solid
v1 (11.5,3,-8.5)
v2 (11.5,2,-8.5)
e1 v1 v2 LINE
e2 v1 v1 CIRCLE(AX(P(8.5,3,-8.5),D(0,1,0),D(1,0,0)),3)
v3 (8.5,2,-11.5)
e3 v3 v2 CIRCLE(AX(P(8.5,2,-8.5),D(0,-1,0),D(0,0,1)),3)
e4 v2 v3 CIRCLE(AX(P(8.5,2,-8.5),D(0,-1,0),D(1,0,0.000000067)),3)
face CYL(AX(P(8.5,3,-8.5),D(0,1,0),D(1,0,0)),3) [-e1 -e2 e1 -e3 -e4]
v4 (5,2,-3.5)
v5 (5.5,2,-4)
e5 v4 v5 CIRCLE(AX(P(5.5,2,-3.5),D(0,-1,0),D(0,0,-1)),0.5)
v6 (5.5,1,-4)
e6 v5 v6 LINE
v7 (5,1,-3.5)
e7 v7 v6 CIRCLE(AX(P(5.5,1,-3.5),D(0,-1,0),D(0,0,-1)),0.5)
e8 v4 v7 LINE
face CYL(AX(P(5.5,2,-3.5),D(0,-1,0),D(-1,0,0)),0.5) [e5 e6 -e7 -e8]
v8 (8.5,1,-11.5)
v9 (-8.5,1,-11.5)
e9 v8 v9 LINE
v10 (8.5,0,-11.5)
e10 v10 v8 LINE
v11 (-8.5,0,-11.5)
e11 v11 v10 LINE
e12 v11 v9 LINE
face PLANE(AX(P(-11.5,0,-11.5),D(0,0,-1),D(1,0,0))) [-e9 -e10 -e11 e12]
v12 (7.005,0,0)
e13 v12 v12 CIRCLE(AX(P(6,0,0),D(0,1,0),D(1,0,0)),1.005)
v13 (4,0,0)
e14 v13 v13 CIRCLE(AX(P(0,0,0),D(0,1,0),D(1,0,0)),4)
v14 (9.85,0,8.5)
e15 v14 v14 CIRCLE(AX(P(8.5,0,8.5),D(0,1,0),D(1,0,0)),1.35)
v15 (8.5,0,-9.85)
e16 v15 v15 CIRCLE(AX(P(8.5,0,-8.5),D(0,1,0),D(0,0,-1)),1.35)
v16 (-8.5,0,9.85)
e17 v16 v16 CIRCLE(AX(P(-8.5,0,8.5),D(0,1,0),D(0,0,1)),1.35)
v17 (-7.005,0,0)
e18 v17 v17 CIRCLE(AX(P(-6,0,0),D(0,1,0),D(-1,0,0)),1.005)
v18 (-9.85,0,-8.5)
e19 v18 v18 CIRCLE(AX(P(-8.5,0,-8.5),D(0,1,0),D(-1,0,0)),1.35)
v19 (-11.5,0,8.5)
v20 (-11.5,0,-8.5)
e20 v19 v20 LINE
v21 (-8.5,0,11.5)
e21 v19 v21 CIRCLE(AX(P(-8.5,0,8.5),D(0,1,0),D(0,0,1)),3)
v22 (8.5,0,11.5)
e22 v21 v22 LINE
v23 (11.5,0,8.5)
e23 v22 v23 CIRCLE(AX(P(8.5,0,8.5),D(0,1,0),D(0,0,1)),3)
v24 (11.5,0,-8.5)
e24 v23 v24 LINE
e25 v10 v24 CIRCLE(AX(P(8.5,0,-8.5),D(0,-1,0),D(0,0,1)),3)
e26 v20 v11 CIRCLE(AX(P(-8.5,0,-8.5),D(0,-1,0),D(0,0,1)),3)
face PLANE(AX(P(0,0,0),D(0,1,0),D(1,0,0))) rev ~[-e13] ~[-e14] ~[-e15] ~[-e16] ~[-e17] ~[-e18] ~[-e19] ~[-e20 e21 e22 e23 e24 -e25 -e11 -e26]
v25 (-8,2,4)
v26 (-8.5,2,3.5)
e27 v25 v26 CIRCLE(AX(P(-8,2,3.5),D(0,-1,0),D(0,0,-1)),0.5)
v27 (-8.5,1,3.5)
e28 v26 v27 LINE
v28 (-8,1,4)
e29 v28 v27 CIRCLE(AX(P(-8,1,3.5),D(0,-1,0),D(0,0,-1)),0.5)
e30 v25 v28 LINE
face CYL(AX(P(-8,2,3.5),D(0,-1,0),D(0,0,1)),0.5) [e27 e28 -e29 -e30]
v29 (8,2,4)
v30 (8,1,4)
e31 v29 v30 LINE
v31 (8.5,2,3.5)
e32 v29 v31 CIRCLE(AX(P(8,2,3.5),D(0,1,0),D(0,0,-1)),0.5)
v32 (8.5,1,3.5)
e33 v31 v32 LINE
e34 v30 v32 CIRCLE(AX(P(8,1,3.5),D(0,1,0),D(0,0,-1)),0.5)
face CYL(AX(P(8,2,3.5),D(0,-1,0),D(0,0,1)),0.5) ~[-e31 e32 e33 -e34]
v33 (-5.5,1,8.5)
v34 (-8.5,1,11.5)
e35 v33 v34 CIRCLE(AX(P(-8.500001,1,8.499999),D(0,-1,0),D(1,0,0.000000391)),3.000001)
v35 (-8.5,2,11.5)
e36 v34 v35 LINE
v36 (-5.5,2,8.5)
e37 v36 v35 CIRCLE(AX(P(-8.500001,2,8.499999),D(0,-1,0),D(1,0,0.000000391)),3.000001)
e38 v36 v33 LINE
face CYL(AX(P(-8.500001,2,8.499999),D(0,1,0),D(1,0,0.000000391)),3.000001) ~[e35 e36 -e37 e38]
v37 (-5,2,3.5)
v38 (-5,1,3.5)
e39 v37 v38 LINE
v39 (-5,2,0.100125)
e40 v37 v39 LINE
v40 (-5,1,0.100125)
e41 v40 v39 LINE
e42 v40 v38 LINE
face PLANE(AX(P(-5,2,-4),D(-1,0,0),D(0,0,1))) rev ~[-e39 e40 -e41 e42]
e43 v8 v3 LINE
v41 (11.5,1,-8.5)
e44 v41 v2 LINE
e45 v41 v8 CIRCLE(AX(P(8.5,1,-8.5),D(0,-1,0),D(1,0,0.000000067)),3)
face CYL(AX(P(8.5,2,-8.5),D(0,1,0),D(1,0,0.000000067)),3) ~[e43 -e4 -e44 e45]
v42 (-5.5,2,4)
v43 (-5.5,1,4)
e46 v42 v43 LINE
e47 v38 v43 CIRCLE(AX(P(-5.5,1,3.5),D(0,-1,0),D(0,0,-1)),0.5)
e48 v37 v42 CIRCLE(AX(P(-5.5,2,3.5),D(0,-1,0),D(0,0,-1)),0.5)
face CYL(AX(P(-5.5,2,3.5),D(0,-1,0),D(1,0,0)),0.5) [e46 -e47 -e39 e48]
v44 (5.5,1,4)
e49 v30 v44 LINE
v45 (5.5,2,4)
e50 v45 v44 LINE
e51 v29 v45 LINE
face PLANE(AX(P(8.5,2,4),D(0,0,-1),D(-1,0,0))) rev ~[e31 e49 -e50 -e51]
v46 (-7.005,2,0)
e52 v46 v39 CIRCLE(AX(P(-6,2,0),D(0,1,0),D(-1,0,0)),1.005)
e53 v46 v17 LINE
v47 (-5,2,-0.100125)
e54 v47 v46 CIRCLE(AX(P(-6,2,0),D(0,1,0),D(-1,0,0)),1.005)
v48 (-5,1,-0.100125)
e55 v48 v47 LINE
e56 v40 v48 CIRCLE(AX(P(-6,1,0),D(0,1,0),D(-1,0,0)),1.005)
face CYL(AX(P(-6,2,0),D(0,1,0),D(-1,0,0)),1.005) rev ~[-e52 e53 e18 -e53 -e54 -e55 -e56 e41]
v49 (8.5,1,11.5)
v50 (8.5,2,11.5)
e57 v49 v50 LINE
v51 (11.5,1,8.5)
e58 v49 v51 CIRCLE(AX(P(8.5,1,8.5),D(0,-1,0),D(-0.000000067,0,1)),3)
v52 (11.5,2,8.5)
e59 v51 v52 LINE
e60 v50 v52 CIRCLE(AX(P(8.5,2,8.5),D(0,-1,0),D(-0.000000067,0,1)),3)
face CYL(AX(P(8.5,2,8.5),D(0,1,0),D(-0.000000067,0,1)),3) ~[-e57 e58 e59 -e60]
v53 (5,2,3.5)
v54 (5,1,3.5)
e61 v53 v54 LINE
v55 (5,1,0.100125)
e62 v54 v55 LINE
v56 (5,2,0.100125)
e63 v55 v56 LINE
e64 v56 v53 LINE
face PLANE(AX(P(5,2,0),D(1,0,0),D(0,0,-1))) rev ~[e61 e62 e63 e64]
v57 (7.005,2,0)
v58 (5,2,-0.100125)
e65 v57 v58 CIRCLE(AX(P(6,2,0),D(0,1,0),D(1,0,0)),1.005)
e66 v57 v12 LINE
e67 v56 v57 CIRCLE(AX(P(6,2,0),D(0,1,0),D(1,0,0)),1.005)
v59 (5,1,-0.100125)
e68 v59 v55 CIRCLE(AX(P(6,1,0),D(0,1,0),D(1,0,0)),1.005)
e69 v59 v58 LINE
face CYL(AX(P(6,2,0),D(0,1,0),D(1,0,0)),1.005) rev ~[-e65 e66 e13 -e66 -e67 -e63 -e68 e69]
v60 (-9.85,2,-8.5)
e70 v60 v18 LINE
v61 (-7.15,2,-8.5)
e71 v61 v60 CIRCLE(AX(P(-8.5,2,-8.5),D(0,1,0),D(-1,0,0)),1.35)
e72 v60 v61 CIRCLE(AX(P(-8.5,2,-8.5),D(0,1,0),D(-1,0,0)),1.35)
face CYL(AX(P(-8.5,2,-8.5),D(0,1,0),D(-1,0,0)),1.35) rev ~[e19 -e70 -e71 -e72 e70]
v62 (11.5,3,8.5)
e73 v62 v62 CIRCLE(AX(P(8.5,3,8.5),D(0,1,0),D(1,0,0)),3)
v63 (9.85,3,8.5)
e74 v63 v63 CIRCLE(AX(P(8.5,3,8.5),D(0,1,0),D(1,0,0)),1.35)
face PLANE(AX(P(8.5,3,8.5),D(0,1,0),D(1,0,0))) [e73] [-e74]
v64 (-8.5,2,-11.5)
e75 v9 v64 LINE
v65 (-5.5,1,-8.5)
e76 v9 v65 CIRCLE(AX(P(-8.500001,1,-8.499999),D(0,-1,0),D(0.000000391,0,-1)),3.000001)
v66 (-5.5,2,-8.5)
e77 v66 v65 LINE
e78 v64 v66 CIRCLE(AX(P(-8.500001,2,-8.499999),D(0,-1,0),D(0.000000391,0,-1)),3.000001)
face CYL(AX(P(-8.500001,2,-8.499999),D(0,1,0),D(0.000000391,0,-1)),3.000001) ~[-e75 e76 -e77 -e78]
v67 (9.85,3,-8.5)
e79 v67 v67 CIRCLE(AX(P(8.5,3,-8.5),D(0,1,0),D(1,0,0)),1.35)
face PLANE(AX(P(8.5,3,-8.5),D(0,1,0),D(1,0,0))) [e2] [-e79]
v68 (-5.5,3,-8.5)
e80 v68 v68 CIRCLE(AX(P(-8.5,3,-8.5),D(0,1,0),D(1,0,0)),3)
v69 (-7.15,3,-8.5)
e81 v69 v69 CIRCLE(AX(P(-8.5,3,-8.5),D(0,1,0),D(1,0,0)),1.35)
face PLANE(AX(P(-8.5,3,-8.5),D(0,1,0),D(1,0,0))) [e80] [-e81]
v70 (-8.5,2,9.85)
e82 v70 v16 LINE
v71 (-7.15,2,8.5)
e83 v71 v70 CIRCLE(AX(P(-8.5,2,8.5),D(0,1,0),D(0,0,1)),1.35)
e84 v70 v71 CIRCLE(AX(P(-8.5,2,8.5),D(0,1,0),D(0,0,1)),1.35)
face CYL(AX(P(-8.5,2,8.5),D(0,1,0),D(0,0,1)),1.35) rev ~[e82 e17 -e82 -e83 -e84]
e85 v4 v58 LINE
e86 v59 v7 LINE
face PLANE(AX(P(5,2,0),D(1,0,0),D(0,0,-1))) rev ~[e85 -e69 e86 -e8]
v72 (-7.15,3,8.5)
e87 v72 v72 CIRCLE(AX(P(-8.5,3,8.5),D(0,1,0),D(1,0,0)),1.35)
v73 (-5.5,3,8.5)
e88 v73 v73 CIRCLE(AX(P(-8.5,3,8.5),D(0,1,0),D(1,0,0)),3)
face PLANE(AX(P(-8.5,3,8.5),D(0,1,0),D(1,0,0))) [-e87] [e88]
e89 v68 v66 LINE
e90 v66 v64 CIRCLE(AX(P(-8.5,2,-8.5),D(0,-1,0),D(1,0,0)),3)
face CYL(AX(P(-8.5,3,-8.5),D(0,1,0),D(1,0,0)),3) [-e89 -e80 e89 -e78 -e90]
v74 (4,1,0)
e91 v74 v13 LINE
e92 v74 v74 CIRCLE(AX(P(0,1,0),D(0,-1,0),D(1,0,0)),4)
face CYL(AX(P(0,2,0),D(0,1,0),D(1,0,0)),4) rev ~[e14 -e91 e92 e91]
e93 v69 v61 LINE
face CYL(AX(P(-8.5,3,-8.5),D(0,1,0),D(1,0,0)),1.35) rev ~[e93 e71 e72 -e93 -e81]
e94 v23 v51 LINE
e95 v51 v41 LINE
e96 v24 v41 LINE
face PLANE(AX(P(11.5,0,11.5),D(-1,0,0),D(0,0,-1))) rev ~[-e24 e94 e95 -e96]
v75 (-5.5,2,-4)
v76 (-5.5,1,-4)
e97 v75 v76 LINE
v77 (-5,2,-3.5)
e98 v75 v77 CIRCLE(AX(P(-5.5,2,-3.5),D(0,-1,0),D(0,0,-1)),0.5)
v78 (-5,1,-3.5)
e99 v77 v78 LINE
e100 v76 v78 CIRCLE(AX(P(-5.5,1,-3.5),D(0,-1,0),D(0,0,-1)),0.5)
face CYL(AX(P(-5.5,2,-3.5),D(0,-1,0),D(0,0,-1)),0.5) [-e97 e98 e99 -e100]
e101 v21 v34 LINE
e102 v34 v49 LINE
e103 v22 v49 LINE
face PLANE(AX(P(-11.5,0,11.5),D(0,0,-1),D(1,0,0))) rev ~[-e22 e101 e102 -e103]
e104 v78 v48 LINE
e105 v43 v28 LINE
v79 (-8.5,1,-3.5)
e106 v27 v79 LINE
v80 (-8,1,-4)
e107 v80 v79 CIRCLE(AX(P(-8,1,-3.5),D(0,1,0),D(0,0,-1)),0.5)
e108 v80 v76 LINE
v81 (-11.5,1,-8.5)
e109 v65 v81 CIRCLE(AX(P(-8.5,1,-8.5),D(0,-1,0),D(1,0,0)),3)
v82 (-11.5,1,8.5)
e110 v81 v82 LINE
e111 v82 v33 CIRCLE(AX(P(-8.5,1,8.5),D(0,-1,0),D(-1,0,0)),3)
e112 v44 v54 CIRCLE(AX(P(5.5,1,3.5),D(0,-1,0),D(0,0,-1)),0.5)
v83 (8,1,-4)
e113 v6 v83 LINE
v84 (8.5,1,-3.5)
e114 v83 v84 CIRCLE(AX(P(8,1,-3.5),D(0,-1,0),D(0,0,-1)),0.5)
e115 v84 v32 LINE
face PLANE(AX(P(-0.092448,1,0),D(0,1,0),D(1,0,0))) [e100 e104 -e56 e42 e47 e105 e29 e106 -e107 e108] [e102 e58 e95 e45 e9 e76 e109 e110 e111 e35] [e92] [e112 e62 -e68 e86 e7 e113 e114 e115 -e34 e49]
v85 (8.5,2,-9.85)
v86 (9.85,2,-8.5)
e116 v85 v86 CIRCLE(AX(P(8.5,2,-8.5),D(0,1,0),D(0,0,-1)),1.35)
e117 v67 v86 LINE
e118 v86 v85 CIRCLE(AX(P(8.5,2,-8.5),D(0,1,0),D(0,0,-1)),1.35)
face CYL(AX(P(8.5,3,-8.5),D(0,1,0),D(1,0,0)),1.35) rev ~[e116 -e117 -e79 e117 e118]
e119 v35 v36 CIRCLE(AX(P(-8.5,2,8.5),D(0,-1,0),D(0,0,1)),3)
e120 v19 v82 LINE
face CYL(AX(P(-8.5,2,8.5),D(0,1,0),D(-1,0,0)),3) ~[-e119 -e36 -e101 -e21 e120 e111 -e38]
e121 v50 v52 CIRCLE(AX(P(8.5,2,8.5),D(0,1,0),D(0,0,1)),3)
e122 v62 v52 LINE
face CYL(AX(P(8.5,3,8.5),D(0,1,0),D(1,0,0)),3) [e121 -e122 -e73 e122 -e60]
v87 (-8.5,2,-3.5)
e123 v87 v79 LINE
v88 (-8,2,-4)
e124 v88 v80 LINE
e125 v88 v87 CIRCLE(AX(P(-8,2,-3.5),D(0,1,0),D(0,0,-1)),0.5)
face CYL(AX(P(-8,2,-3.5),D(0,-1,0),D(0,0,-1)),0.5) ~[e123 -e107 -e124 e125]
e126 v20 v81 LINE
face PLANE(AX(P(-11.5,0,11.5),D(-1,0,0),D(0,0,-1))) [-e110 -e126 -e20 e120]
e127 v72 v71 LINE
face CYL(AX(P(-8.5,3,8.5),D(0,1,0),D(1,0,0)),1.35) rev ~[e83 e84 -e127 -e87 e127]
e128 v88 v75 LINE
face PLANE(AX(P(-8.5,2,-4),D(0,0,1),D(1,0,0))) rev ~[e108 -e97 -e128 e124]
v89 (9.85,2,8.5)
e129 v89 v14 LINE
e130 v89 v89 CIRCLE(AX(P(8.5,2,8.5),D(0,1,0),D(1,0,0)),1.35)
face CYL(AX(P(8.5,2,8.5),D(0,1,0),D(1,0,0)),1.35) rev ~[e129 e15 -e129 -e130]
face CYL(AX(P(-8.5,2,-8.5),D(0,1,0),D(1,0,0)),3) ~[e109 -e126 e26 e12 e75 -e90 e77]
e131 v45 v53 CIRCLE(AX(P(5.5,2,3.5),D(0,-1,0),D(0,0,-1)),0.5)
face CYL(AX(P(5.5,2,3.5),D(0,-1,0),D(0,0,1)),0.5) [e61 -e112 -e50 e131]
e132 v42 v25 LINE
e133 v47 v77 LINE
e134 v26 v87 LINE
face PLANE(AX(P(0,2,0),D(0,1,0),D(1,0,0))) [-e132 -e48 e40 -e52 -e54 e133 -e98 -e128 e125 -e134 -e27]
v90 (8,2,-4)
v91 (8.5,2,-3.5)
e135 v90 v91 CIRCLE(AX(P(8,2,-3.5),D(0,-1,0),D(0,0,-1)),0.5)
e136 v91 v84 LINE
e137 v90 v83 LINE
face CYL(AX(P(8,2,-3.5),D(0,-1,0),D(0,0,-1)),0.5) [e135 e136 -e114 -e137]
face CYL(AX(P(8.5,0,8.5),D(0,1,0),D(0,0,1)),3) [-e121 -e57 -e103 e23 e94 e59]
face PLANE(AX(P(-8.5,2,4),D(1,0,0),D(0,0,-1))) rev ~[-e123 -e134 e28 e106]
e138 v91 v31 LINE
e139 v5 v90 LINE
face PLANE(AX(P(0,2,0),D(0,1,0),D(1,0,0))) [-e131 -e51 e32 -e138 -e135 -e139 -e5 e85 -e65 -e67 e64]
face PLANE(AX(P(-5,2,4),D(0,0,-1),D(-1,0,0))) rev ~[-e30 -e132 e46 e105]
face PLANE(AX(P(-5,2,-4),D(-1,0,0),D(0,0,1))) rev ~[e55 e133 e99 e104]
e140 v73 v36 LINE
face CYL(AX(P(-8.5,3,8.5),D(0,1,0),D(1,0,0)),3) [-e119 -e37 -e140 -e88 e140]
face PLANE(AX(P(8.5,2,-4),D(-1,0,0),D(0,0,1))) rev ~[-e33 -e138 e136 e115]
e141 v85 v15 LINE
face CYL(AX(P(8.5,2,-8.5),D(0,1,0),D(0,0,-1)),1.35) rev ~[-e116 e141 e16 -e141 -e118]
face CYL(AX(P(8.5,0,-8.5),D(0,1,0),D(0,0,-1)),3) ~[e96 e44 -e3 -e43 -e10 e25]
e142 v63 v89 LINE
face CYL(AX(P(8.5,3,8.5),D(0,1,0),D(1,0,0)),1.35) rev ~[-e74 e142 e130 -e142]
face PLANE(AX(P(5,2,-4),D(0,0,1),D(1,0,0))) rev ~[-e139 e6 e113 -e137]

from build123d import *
from build123d.topology import SkipClean

# Parameters (mm, degrees)
SKETCH_1_W               = 23
SKETCH_1_H               = 23
EXTRUDE_1_DEPTH          = 2
SKETCH_2_R               = 1.35
CUT_EXTRUDE_1_DEPTH      = 2
PATTERN_CIRCULAR_1_COUNT = 4
FILLET_1_R               = 3
SKETCH_3_R               = 4
CUT_EXTRUDE_2_DEPTH      = 2
CUT_EXTRUDE_6_DEPTH      = 1
FILLET_2_R               = 0.5
CUT_EXTRUDE_7_DEPTH      = 2
PATTERN_CIRCULAR_2_COUNT = 2
EXTRUDE_START            = 1
SKETCH_6_R               = 3
SKETCH_6_R_2             = 1.35
EXTRUDE_2_DEPTH          = 1


with BuildPart() as part:
    # 草图1 → 凸台-拉伸1 (new body)
    with BuildSketch(Plane(origin=(0, 0, 0), x_dir=(1, 0, 0), z_dir=(0, 1, 0))):
        Rectangle(SKETCH_1_W, SKETCH_1_H)
    extrude(amount=EXTRUDE_1_DEPTH)

    # 草图2 → 切除-拉伸1 (cut)
    with BuildSketch(Plane(origin=(0, 2, 0), x_dir=(1, 0, 0), z_dir=(0, 1, 0))):
        with Locations((8.5, -8.5)):
            Circle(SKETCH_2_R)
    cut_extrude_1 = extrude(amount=-CUT_EXTRUDE_1_DEPTH, mode=Mode.SUBTRACT)

    # 阵列(圆周)1: 切除-拉伸1 ×4 about axis
    pattern_circular_1_axis = Axis((0, 0, 0), (0, 1, 0))
    for i in range(1, PATTERN_CIRCULAR_1_COUNT):
        add(cut_extrude_1.rotate(pattern_circular_1_axis, i * 360 / PATTERN_CIRCULAR_1_COUNT), mode=Mode.SUBTRACT)

    # 圆角1
    fillet_1_edges = [part.edges().sort_by_distance(p)[0] for p in [
        (-11.5, 1, 11.5),
        (11.5, 1, 11.5),
        (11.5, 1, -11.5),
        (-11.5, 1, -11.5),
    ]]
    fillet(fillet_1_edges, radius=FILLET_1_R)

    # 草图3 → 切除-拉伸2 (cut)
    with BuildSketch(Plane(origin=(0, 2, 0), x_dir=(1, 0, 0), z_dir=(0, 1, 0))):
        Circle(SKETCH_3_R)
    extrude(amount=-CUT_EXTRUDE_2_DEPTH, mode=Mode.SUBTRACT)

    # 草图4 → 切除-拉伸6 (cut)
    with SkipClean():  # the faces are left unmerged after this step: merging them gives an invalid solid
        with BuildSketch(Plane(origin=(0, 2, 0), x_dir=(1, 0, 0), z_dir=(0, 1, 0))):
            with BuildLine():
                ThreePointArc((-5.5, -8.5), (-6.37868, -10.62132), (-8.5, -11.5))
                Line((-8.5, -11.5), (8.5, -11.5))
                ThreePointArc((8.5, -11.5), (6.37868, -6.37868), (11.5, -8.5))
                Line((11.5, -8.5), (11.5, 8.5))
                ThreePointArc((11.5, 8.5), (6.37868, 6.37868), (8.5, 11.5))
                Line((8.5, 11.5), (-8.5, 11.5))
                ThreePointArc((-8.5, 11.5), (-6.37868, 10.62132), (-5.5, 8.5))
                ThreePointArc((-5.5, 8.5), (-8.5, 5.5), (-11.5, 8.5))
                Line((-11.5, 8.5), (-11.5, -8.5))
                ThreePointArc((-11.5, -8.5), (-8.5, -5.5), (-5.5, -8.5))
            make_face()
            Polygon((-5, 4), (-5, 0), (-5, -4), (-8.5, -4), (-8.5, 4), align=None, mode=Mode.SUBTRACT)
            with BuildLine():
                ThreePointArc((4, 0), (0, -4), (-4, 0))
                ThreePointArc((-4, 0), (0, 4), (4, 0))
            make_face(mode=Mode.SUBTRACT)
            Polygon((5, -4), (5, 0), (5, 4), (8.5, 4), (8.5, -4), align=None, mode=Mode.SUBTRACT)
        extrude(amount=-CUT_EXTRUDE_6_DEPTH, mode=Mode.SUBTRACT)

    # 圆角2
    fillet_2_edges = [part.edges().sort_by_distance(p)[0] for p in [
        (-8.5, 1.5, -4),
        (-5, 1.5, 4),
        (-5, 1.5, -4),
        (8.5, 1.5, 4),
        (8.5, 1.5, -4),
        (5, 1.5, -4),
        (5, 1.5, 4),
        (-8.5, 1.5, 4),
    ]]
    fillet(fillet_2_edges, radius=FILLET_2_R)

    # 草图5 → 切除-拉伸7 (cut)
    with SkipClean():  # the faces are left unmerged after this step: merging them gives an invalid solid
        with BuildSketch(Plane(origin=(0, 2, 0), x_dir=(1, 0, 0), z_dir=(0, 1, 0))):
            with BuildLine():
                ThreePointArc((4.995, 0), (6, -1.005), (7.005, 0))
                ThreePointArc((7.005, 0), (6, 1.005), (4.995, 0))
            make_face()
        cut_extrude_7 = extrude(amount=-CUT_EXTRUDE_7_DEPTH, mode=Mode.SUBTRACT)

    # 阵列(圆周)2: 切除-拉伸7 ×2 about axis
    with SkipClean():  # the faces are left unmerged after this step: merging them gives an invalid solid
        pattern_circular_2_axis = Axis((0, 0, 0), (0, 1, 0))
        for i in range(1, PATTERN_CIRCULAR_2_COUNT):
            add(cut_extrude_7.rotate(pattern_circular_2_axis, i * 360 / PATTERN_CIRCULAR_2_COUNT), mode=Mode.SUBTRACT)

    # 草图6 → 凸台-拉伸2 (add)
    # profile 1 of 4: a face of its own
    with SkipClean():  # the faces are left unmerged after this step: merging them gives an invalid solid
        with BuildSketch(Plane(origin=(0, 2, 0), x_dir=(1, 0, 0), z_dir=(0, 1, 0)).offset(EXTRUDE_START)):
            with Locations((-8.5, -8.5)):
                Circle(SKETCH_6_R)
            with Locations((-8.5, -8.5)):
                Circle(SKETCH_6_R_2, mode=Mode.SUBTRACT)
        # profile 2 of 4: a face of its own
        with BuildSketch(Plane(origin=(0, 2, 0), x_dir=(1, 0, 0), z_dir=(0, 1, 0)).offset(EXTRUDE_START)):
            with Locations((8.5, -8.5)):
                Circle(SKETCH_6_R)
            with Locations((8.5, -8.5)):
                Circle(SKETCH_6_R_2, mode=Mode.SUBTRACT)
        # profile 3 of 4: a face of its own
        with BuildSketch(Plane(origin=(0, 2, 0), x_dir=(1, 0, 0), z_dir=(0, 1, 0)).offset(EXTRUDE_START)):
            with Locations((8.5, 8.5)):
                Circle(SKETCH_6_R)
            with Locations((8.5, 8.5)):
                Circle(SKETCH_6_R_2, mode=Mode.SUBTRACT)
        # profile 4 of 4: a face of its own
        with BuildSketch(Plane(origin=(0, 2, 0), x_dir=(1, 0, 0), z_dir=(0, 1, 0)).offset(EXTRUDE_START)):
            with Locations((-8.5, 8.5)):
                Circle(SKETCH_6_R)
            with Locations((-8.5, 8.5)):
                Circle(SKETCH_6_R_2, mode=Mode.SUBTRACT)
        extrude(amount=-EXTRUDE_2_DEPTH)


solid = part.part
